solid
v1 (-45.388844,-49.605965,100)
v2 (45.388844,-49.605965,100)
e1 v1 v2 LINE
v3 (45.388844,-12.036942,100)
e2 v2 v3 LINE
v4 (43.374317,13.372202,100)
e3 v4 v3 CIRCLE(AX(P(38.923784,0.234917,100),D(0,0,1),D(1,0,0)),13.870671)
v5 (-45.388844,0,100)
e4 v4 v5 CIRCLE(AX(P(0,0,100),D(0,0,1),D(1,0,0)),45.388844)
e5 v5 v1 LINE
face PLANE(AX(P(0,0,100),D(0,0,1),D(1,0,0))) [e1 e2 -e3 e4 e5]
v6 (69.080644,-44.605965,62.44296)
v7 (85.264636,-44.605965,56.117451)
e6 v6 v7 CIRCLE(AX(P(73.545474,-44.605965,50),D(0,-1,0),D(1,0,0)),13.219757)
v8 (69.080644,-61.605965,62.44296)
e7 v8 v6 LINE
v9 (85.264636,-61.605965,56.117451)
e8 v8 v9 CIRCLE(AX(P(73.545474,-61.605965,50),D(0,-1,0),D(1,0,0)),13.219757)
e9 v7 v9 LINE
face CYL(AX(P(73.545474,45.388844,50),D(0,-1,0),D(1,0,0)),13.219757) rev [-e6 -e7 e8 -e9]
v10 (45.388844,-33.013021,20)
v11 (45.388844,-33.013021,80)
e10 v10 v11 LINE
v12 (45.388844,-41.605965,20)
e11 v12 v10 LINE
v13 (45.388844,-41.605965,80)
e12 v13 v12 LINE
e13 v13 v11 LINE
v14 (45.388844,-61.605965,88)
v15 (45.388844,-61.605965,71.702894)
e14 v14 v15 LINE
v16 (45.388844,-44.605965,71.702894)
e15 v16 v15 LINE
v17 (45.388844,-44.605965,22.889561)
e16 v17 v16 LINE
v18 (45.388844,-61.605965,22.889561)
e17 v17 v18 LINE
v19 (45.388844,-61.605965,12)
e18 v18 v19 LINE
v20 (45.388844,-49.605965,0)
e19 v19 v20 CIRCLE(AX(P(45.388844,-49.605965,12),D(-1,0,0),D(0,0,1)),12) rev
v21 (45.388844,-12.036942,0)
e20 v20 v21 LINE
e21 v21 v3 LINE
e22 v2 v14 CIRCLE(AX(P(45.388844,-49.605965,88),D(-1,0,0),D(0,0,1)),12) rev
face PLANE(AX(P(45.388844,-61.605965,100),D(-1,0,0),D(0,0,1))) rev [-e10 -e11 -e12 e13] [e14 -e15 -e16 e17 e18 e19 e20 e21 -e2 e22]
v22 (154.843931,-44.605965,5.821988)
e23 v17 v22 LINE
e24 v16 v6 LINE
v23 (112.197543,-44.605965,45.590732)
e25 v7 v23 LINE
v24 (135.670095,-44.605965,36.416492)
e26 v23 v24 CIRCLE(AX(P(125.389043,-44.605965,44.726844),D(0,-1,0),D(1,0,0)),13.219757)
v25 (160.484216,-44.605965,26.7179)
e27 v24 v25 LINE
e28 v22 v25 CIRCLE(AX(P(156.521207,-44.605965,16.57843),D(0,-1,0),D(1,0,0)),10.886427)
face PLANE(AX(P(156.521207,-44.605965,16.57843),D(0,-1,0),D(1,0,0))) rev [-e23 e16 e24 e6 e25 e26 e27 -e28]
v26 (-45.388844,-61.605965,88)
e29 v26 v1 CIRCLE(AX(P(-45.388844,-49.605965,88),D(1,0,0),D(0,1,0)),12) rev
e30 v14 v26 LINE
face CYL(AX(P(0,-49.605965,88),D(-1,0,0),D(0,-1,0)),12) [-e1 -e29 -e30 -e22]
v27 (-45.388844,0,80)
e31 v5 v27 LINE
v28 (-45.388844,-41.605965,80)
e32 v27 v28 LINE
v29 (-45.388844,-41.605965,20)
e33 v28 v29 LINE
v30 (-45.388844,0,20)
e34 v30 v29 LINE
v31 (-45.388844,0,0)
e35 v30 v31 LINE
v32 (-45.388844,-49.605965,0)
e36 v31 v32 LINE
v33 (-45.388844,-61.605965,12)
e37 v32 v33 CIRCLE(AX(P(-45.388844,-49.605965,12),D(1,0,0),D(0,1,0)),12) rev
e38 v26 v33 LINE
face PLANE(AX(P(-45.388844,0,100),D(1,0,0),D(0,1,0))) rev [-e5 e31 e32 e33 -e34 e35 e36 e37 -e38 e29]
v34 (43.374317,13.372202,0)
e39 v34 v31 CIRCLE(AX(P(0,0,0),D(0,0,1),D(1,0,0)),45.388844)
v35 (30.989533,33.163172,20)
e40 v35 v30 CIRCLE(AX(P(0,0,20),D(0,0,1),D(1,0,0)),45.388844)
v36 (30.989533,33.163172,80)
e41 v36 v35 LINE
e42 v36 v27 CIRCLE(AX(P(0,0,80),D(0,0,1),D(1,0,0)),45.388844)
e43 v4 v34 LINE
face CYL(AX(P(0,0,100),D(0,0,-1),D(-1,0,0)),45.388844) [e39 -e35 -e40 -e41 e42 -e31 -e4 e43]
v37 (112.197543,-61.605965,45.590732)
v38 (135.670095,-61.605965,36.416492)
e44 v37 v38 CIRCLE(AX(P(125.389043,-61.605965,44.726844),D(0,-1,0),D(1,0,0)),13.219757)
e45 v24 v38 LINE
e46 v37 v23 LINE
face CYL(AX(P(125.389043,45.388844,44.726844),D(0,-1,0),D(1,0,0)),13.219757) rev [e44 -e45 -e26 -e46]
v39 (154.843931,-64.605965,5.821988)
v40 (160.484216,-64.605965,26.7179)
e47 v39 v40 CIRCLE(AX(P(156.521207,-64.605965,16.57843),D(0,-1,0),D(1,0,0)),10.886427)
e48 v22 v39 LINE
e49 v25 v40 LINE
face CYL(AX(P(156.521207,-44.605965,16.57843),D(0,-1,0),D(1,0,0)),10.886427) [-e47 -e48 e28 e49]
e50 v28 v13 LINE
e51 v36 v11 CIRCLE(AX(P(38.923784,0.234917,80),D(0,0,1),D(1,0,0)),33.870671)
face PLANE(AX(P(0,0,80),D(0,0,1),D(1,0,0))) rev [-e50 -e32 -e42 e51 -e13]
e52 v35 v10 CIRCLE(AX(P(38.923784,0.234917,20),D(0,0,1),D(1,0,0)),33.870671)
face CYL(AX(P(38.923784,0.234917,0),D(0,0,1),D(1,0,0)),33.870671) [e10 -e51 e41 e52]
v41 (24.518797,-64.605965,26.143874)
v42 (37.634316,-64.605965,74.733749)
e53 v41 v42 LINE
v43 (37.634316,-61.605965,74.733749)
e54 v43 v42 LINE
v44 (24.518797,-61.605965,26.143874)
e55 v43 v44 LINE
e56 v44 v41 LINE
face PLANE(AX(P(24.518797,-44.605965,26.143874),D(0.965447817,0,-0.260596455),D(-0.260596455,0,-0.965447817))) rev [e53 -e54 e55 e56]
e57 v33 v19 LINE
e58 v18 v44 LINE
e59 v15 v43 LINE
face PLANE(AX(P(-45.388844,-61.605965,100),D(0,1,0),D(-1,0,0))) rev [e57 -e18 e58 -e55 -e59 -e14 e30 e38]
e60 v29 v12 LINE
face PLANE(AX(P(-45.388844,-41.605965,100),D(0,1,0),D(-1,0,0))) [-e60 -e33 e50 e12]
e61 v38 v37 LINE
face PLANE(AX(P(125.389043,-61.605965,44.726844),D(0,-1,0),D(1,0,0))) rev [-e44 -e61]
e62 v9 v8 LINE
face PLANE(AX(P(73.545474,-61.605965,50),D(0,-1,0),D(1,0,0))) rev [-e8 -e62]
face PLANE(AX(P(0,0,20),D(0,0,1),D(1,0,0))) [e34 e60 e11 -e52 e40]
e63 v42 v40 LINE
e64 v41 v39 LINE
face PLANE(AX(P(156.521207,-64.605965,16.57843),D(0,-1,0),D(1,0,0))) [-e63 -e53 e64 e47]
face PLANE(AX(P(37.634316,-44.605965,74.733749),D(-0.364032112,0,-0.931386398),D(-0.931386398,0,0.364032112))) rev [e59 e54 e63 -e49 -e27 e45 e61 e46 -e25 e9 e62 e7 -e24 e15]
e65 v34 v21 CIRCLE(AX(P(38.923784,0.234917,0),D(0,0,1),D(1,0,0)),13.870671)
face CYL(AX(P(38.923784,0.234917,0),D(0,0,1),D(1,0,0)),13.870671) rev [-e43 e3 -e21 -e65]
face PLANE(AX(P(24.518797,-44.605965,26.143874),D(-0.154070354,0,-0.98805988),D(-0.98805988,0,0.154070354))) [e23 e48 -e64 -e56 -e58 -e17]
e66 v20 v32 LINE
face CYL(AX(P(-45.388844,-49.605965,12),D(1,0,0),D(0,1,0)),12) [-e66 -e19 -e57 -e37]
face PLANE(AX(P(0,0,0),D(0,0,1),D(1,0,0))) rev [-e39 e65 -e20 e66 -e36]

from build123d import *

# Parameters (mm, degrees)
U_SHAPE_DEPTH        = 100
SKETCH8_R            = 13.870670921
INNER_HOLE_DEPTH     = 126.918394305
THICKNESS_T          = -20
FILLET_2_R           = 12
TONGUE_DEPTH         = 20
SKETCH9_R            = 13.219756801
MOUNTING_HOLES_DEPTH = 223.42572915


with BuildPart() as part:
    # Sketch4 → "U" shape (new body)
    with BuildSketch(Plane.XY):
        with BuildLine():
            Line((-45.388843922, 0), (-45.388843922, -61.60596458))
            Line((-45.388843922, -61.60596458), (45.388843922, -61.60596458))
            Line((45.388843922, -61.60596458), (45.388843922, 0))
            ThreePointArc((45.388843922, 0), (0, 45.388843922), (-45.388843922, 0))
        make_face()
    extrude(amount=U_SHAPE_DEPTH)

    # Sketch8 → Inner Hole (cut, through all)
    with BuildSketch(Plane.XY.offset(100)):
        with Locations((38.923783738, 0.23491683)):
            Circle(SKETCH8_R)
    extrude(amount=-INNER_HOLE_DEPTH, mode=Mode.SUBTRACT)

    # Thickness
    thickness_openings = [part.faces().sort_by_distance(p)[0] for p in [
        (45.388843922, -36.821453076, 50),
        (-45.388843922, -30.80298229, 50),
        (-6.761547736, 44.882386576, 50),
    ]]
    offset(amount=THICKNESS_T, openings=thickness_openings, kind=Kind.INTERSECTION)

    # Fillet 2
    fillet_2_edges = [part.edges().sort_by_distance(p)[0] for p in [
        (0, -61.60596458, 100),
        (0, -61.60596458, 0),
    ]]
    fillet(fillet_2_edges, radius=FILLET_2_R)

    # Sketch7 → Tongue (add)
    with BuildSketch(Plane.XZ.offset(64.60596458)):
        with BuildLine():
            Line((24.518796564, 26.143873614), (154.843931452, 5.821988173))
            ThreePointArc((154.843931452, 5.821988173), (167.031484247, 13.741465613), (160.484216098, 26.717899862))
            Line((160.484216098, 26.717899862), (37.634315602, 74.733748908))
            Line((37.634315602, 74.733748908), (24.518796564, 26.143873614))
        make_face()
    extrude(amount=-TONGUE_DEPTH)

    # Sketch9 → Mounting Holes (cut, through all)
    with BuildSketch(Plane.XZ.offset(61.60596458)):
        with Locations((73.545474364, 50)):
            Circle(SKETCH9_R)
        with Locations((125.389042853, 44.726843721)):
            Circle(SKETCH9_R)
    extrude(amount=-MOUNTING_HOLES_DEPTH, mode=Mode.SUBTRACT)


solid = part.part
